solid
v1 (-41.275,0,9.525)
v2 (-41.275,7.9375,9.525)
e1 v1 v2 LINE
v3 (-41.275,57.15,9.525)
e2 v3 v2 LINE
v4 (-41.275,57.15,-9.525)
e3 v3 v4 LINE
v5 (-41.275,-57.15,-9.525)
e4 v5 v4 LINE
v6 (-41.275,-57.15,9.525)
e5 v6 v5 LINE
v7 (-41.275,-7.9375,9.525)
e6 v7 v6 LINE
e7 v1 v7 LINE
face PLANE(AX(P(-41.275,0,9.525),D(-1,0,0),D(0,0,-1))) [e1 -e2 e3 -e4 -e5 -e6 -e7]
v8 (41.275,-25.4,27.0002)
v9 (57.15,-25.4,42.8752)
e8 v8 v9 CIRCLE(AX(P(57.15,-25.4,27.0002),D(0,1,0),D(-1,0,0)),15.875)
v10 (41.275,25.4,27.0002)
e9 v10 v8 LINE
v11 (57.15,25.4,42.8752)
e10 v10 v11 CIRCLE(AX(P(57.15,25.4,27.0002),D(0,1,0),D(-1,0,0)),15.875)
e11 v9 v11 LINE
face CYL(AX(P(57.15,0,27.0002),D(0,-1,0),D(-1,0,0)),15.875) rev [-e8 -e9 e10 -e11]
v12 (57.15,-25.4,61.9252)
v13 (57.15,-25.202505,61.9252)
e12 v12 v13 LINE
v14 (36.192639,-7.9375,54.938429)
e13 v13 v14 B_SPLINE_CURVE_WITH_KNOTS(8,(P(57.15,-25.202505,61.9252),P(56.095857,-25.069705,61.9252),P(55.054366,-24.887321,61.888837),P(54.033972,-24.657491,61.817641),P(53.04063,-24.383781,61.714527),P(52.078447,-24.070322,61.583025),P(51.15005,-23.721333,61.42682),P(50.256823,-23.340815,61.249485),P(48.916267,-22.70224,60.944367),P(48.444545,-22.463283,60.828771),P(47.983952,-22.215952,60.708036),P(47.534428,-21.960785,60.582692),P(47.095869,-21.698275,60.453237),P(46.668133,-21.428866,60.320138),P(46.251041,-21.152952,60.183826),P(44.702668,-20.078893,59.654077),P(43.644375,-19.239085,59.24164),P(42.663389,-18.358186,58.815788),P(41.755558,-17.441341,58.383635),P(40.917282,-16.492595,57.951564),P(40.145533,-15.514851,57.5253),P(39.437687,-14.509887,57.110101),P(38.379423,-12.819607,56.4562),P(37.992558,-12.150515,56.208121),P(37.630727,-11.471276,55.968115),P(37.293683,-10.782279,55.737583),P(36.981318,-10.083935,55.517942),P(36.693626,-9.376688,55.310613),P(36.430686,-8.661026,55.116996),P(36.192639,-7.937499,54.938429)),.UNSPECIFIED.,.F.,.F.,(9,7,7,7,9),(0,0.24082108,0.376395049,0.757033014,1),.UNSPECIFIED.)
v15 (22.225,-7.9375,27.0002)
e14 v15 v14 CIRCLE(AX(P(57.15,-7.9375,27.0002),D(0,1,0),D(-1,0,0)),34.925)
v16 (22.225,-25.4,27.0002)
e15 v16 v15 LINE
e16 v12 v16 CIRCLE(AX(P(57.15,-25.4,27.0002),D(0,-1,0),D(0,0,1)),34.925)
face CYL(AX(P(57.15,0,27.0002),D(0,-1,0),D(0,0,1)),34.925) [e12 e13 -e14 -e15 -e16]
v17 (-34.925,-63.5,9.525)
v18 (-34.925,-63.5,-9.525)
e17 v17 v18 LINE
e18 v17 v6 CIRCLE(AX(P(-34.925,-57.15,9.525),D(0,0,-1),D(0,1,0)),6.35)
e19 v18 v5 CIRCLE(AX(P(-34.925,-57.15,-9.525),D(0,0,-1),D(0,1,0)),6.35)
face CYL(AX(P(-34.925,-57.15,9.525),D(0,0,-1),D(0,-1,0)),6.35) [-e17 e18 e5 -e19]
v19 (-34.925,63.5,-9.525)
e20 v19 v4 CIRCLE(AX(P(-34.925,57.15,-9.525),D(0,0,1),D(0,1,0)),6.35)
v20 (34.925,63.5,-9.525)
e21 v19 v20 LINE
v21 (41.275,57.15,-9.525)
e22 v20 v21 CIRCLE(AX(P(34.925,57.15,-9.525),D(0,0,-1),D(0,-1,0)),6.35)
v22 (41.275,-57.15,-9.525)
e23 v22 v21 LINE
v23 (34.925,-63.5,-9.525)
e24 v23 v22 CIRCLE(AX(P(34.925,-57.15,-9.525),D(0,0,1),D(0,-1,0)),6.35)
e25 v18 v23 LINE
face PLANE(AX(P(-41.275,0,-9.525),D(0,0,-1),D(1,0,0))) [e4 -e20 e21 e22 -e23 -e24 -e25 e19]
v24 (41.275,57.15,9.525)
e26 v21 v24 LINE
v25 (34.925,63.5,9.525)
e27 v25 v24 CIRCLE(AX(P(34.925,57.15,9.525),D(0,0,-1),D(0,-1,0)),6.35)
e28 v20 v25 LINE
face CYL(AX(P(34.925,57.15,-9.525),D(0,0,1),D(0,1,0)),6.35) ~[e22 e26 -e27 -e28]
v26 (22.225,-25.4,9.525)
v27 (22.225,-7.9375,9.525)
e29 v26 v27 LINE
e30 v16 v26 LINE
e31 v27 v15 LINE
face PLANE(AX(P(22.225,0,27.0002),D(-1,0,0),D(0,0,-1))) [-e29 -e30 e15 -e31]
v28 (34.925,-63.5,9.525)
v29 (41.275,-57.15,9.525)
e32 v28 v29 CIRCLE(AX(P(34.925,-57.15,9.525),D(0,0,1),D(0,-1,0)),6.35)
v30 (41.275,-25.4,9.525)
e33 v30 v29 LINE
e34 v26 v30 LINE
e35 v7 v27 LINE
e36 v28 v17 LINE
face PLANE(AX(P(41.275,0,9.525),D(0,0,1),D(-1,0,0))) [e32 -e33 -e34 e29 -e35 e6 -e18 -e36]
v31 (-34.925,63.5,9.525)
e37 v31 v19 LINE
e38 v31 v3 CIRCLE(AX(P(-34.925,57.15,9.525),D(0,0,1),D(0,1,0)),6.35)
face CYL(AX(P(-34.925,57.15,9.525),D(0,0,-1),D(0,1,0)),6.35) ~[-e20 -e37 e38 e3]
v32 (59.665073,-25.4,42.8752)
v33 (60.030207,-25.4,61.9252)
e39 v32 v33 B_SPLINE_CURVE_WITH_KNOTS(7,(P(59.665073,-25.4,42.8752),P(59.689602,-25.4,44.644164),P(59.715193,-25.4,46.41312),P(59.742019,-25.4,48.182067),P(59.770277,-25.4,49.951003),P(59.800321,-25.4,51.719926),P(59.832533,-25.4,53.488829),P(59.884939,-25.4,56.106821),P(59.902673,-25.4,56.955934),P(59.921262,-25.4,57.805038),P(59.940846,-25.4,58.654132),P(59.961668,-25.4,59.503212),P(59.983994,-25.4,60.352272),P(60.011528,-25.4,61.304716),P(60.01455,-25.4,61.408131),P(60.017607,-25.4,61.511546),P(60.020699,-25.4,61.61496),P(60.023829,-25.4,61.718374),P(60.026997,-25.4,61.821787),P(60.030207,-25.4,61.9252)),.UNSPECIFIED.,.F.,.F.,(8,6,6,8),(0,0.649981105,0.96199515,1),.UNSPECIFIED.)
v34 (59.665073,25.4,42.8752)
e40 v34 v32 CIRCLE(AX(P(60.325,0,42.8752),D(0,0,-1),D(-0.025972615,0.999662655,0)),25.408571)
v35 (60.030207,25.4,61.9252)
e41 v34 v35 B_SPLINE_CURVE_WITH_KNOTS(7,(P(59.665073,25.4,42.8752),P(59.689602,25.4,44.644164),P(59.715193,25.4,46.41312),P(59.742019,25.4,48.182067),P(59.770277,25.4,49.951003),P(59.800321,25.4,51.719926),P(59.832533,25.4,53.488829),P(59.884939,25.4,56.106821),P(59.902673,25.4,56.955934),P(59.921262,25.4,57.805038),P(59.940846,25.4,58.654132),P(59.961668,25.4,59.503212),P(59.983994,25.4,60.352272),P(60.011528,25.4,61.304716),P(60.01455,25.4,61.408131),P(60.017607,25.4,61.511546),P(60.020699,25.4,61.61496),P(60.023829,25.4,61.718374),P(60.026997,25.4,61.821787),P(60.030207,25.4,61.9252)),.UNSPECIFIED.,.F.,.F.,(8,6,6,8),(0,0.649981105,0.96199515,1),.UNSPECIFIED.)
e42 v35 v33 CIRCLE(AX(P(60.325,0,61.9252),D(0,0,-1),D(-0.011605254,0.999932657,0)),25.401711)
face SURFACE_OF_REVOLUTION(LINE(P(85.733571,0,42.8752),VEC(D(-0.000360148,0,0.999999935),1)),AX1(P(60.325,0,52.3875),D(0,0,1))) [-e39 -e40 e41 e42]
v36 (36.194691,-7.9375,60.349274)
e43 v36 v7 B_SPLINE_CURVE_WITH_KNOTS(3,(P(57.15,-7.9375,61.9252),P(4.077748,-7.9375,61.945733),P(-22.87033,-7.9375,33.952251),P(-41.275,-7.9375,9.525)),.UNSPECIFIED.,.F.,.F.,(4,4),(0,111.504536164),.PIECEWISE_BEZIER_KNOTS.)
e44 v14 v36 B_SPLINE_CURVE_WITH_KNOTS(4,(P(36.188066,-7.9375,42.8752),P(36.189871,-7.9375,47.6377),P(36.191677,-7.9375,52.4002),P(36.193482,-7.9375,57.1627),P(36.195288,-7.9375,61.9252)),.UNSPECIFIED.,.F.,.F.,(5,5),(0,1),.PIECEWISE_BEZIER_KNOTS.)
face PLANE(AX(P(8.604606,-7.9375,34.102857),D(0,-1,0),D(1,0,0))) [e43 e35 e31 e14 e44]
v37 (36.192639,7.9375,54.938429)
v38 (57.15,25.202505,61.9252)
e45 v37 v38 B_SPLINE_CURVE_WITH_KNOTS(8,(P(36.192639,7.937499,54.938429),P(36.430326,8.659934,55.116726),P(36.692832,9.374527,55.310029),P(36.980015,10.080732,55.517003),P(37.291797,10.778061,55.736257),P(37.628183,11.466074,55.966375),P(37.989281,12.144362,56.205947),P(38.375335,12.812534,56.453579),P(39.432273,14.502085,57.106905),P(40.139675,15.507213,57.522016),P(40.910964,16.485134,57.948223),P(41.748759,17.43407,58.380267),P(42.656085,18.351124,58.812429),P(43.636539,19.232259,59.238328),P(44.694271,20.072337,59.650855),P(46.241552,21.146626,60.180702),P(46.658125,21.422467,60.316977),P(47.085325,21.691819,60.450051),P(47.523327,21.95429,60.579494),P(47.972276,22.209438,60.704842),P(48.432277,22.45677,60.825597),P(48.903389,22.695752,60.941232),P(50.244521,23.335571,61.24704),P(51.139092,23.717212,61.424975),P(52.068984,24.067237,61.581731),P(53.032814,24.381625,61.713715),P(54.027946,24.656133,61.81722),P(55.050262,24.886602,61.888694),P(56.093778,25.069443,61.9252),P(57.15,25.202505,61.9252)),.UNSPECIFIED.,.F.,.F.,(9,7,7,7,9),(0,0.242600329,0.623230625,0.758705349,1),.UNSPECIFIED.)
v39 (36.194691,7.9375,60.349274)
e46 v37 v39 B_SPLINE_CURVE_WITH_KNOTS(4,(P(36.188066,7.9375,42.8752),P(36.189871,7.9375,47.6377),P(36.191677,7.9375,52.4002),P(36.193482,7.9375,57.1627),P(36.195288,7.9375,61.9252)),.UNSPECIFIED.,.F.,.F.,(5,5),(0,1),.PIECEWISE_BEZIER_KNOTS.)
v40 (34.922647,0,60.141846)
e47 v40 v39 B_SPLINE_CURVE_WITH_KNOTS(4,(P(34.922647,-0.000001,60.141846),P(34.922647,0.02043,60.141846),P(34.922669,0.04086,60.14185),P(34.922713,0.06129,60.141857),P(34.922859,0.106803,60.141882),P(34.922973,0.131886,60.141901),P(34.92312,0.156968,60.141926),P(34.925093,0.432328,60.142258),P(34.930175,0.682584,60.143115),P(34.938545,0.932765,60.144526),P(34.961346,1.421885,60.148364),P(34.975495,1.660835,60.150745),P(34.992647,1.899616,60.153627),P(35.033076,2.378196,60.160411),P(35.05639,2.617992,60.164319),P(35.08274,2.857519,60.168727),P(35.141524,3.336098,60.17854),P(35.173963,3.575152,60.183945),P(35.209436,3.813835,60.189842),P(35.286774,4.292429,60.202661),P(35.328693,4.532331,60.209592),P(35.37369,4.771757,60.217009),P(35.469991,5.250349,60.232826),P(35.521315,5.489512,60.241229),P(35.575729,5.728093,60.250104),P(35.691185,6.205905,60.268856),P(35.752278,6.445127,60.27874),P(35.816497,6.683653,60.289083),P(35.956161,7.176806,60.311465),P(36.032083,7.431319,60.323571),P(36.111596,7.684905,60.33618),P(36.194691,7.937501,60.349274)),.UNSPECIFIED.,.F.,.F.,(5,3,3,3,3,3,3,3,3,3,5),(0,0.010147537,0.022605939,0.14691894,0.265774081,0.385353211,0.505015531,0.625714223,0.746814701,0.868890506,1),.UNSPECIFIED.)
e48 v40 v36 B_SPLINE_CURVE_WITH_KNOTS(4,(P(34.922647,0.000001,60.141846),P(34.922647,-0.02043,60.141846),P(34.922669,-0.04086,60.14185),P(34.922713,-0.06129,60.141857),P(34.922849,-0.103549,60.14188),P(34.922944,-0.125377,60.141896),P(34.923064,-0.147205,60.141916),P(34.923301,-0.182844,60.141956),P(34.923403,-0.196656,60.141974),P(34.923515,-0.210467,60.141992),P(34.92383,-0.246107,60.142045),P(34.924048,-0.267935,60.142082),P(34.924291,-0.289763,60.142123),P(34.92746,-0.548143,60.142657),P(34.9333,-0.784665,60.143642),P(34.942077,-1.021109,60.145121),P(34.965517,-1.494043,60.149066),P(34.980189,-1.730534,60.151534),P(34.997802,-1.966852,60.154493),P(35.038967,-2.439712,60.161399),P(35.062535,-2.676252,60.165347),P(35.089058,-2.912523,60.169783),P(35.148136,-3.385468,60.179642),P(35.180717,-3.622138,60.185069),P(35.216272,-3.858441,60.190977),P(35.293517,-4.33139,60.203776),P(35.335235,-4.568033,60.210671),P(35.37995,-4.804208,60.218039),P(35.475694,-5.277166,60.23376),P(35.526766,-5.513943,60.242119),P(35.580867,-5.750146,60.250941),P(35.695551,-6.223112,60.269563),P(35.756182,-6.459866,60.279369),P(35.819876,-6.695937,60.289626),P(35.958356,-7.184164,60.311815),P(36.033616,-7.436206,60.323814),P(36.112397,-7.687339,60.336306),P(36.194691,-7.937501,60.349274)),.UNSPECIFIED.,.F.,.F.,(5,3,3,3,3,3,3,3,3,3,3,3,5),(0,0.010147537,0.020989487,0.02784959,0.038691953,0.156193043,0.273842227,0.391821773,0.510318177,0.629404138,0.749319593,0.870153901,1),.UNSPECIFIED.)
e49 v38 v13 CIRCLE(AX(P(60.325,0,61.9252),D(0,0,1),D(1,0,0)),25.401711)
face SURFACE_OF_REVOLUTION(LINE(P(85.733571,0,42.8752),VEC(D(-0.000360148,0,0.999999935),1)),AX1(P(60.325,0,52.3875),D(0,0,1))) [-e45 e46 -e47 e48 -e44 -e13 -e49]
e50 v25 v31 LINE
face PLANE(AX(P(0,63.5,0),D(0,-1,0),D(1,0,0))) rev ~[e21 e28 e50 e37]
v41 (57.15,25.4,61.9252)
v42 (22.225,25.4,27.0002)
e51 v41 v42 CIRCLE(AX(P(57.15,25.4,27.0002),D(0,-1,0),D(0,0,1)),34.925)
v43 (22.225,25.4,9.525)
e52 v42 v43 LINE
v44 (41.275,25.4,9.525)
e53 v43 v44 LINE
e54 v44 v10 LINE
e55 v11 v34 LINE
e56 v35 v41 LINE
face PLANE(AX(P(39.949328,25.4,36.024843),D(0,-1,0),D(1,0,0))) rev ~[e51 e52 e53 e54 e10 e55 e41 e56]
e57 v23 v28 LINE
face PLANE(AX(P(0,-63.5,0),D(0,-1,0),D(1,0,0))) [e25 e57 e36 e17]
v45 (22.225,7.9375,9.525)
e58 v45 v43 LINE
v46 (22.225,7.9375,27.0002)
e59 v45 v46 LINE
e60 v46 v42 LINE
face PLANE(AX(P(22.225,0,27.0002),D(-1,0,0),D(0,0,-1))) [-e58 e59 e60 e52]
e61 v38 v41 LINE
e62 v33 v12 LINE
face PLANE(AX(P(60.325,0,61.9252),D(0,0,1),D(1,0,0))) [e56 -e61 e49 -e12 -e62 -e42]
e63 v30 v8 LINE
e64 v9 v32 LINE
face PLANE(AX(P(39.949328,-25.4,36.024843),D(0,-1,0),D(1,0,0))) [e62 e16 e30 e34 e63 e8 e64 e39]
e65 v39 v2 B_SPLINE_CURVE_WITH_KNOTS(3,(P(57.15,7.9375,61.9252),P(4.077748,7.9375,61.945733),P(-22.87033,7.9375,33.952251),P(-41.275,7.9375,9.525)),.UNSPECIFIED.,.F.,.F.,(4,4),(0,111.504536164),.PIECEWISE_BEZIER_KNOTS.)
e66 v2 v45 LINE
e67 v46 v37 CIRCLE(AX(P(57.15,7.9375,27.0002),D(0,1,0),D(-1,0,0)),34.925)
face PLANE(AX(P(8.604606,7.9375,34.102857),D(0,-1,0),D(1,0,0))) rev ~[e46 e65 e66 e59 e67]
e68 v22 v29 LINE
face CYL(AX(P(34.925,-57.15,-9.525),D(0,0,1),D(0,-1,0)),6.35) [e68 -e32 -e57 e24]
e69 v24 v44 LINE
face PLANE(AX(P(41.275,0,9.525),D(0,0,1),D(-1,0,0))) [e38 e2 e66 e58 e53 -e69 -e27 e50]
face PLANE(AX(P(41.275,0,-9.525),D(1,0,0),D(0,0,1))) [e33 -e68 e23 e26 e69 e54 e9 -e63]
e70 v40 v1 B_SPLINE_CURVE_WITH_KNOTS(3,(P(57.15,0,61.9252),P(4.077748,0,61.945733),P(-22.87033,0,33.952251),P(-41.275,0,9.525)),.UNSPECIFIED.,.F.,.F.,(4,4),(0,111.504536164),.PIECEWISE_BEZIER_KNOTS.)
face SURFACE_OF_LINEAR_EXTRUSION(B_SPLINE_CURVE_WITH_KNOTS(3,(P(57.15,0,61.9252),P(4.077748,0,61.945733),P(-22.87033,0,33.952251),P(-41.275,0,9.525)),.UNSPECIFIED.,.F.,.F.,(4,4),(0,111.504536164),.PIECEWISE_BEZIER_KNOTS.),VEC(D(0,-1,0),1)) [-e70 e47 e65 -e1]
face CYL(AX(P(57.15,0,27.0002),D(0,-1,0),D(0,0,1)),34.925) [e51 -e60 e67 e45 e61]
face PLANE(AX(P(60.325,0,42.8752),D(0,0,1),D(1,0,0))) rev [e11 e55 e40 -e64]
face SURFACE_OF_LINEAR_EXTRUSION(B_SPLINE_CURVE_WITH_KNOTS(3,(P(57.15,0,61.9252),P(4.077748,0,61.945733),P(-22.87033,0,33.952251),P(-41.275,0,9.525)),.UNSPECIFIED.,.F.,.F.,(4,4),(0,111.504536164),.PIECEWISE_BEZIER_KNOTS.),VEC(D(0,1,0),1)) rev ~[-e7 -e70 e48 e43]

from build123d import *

# Parameters (mm, degrees)
F1_DEPTH = 63.5
F2_DEPTH = 25.4
F3_DEPTH = 7.9375
F5_R     = 6.35


with BuildPart() as f1:
    # F0 (on Front) → F1 (new body, symmetric)
    with BuildSketch(Plane.XZ):
        Polygon((41.275, -9.525), (41.275, 9.525), (22.225, 9.525), (-41.275, 9.525), (-41.275, -9.525), align=None)
    extrude(amount=F1_DEPTH, both=True)

    # F0 (on Front) → F2 (join, symmetric)
    with BuildSketch(Plane.XZ):
        with BuildLine():
            Line((22.225, 9.525), (41.275, 9.525))
            Line((41.275, 9.525), (41.275, 27.0002))
            ThreePointArc((41.275, 27.0002), (45.9246798487, 38.2255201513), (57.15, 42.8752))
            Line((57.15, 42.8752), (60.325, 42.8752))
            Line((60.325, 42.8752), (60.325, 61.9252))
            Line((60.325, 61.9252), (57.15, 61.9252))
            ThreePointArc((57.15, 61.9252), (32.4542956671, 51.6959043329), (22.225, 27.0002))
            Line((22.225, 27.0002), (22.225, 9.525))
        make_face()
    extrude(amount=F2_DEPTH, both=True)

    # F0 (on Front) → F3 (join, symmetric)
    with BuildSketch(Plane.XZ):
        with BuildLine():
            Line((-41.275, 9.525), (22.225, 9.525))
            Line((22.225, 9.525), (22.225, 27.0002))
            ThreePointArc((22.225, 27.0002), (32.4542956671, 51.6959043329), (57.15, 61.9252))
            add(Edge.make_bspline(
                [(57.15, 61.9252), (4.0777479298, 61.9457326829), (-22.87033014, 33.9522510767), (-41.275, 9.525)],
                knots=[0, 0, 0, 0, 111.5045361635, 111.5045361635, 111.5045361635, 111.5045361635], degree=3))
        make_face()
    extrude(amount=F3_DEPTH, both=True)

    # F0 (on Front) → F4 (revolve)
    with BuildSketch(Plane.XZ):
        Polygon((60.325, 61.9252), (60.325, 42.8752), (85.7335714616, 42.8752), (85.7267106332, 61.9252), align=None)
    revolve(axis=Axis((60.325, 0, 52.3875), (0, 0, 1)))

    # F5
    f5_edges = [f1.edges().sort_by_distance(p)[0] for p in [
        (41.275, -63.5, 0),
        (-41.275, -63.5, 0),
        (-41.275, 63.5, 0),
        (41.275, 63.5, 0),
    ]]
    fillet(f5_edges, radius=F5_R)


solid = f1.part
